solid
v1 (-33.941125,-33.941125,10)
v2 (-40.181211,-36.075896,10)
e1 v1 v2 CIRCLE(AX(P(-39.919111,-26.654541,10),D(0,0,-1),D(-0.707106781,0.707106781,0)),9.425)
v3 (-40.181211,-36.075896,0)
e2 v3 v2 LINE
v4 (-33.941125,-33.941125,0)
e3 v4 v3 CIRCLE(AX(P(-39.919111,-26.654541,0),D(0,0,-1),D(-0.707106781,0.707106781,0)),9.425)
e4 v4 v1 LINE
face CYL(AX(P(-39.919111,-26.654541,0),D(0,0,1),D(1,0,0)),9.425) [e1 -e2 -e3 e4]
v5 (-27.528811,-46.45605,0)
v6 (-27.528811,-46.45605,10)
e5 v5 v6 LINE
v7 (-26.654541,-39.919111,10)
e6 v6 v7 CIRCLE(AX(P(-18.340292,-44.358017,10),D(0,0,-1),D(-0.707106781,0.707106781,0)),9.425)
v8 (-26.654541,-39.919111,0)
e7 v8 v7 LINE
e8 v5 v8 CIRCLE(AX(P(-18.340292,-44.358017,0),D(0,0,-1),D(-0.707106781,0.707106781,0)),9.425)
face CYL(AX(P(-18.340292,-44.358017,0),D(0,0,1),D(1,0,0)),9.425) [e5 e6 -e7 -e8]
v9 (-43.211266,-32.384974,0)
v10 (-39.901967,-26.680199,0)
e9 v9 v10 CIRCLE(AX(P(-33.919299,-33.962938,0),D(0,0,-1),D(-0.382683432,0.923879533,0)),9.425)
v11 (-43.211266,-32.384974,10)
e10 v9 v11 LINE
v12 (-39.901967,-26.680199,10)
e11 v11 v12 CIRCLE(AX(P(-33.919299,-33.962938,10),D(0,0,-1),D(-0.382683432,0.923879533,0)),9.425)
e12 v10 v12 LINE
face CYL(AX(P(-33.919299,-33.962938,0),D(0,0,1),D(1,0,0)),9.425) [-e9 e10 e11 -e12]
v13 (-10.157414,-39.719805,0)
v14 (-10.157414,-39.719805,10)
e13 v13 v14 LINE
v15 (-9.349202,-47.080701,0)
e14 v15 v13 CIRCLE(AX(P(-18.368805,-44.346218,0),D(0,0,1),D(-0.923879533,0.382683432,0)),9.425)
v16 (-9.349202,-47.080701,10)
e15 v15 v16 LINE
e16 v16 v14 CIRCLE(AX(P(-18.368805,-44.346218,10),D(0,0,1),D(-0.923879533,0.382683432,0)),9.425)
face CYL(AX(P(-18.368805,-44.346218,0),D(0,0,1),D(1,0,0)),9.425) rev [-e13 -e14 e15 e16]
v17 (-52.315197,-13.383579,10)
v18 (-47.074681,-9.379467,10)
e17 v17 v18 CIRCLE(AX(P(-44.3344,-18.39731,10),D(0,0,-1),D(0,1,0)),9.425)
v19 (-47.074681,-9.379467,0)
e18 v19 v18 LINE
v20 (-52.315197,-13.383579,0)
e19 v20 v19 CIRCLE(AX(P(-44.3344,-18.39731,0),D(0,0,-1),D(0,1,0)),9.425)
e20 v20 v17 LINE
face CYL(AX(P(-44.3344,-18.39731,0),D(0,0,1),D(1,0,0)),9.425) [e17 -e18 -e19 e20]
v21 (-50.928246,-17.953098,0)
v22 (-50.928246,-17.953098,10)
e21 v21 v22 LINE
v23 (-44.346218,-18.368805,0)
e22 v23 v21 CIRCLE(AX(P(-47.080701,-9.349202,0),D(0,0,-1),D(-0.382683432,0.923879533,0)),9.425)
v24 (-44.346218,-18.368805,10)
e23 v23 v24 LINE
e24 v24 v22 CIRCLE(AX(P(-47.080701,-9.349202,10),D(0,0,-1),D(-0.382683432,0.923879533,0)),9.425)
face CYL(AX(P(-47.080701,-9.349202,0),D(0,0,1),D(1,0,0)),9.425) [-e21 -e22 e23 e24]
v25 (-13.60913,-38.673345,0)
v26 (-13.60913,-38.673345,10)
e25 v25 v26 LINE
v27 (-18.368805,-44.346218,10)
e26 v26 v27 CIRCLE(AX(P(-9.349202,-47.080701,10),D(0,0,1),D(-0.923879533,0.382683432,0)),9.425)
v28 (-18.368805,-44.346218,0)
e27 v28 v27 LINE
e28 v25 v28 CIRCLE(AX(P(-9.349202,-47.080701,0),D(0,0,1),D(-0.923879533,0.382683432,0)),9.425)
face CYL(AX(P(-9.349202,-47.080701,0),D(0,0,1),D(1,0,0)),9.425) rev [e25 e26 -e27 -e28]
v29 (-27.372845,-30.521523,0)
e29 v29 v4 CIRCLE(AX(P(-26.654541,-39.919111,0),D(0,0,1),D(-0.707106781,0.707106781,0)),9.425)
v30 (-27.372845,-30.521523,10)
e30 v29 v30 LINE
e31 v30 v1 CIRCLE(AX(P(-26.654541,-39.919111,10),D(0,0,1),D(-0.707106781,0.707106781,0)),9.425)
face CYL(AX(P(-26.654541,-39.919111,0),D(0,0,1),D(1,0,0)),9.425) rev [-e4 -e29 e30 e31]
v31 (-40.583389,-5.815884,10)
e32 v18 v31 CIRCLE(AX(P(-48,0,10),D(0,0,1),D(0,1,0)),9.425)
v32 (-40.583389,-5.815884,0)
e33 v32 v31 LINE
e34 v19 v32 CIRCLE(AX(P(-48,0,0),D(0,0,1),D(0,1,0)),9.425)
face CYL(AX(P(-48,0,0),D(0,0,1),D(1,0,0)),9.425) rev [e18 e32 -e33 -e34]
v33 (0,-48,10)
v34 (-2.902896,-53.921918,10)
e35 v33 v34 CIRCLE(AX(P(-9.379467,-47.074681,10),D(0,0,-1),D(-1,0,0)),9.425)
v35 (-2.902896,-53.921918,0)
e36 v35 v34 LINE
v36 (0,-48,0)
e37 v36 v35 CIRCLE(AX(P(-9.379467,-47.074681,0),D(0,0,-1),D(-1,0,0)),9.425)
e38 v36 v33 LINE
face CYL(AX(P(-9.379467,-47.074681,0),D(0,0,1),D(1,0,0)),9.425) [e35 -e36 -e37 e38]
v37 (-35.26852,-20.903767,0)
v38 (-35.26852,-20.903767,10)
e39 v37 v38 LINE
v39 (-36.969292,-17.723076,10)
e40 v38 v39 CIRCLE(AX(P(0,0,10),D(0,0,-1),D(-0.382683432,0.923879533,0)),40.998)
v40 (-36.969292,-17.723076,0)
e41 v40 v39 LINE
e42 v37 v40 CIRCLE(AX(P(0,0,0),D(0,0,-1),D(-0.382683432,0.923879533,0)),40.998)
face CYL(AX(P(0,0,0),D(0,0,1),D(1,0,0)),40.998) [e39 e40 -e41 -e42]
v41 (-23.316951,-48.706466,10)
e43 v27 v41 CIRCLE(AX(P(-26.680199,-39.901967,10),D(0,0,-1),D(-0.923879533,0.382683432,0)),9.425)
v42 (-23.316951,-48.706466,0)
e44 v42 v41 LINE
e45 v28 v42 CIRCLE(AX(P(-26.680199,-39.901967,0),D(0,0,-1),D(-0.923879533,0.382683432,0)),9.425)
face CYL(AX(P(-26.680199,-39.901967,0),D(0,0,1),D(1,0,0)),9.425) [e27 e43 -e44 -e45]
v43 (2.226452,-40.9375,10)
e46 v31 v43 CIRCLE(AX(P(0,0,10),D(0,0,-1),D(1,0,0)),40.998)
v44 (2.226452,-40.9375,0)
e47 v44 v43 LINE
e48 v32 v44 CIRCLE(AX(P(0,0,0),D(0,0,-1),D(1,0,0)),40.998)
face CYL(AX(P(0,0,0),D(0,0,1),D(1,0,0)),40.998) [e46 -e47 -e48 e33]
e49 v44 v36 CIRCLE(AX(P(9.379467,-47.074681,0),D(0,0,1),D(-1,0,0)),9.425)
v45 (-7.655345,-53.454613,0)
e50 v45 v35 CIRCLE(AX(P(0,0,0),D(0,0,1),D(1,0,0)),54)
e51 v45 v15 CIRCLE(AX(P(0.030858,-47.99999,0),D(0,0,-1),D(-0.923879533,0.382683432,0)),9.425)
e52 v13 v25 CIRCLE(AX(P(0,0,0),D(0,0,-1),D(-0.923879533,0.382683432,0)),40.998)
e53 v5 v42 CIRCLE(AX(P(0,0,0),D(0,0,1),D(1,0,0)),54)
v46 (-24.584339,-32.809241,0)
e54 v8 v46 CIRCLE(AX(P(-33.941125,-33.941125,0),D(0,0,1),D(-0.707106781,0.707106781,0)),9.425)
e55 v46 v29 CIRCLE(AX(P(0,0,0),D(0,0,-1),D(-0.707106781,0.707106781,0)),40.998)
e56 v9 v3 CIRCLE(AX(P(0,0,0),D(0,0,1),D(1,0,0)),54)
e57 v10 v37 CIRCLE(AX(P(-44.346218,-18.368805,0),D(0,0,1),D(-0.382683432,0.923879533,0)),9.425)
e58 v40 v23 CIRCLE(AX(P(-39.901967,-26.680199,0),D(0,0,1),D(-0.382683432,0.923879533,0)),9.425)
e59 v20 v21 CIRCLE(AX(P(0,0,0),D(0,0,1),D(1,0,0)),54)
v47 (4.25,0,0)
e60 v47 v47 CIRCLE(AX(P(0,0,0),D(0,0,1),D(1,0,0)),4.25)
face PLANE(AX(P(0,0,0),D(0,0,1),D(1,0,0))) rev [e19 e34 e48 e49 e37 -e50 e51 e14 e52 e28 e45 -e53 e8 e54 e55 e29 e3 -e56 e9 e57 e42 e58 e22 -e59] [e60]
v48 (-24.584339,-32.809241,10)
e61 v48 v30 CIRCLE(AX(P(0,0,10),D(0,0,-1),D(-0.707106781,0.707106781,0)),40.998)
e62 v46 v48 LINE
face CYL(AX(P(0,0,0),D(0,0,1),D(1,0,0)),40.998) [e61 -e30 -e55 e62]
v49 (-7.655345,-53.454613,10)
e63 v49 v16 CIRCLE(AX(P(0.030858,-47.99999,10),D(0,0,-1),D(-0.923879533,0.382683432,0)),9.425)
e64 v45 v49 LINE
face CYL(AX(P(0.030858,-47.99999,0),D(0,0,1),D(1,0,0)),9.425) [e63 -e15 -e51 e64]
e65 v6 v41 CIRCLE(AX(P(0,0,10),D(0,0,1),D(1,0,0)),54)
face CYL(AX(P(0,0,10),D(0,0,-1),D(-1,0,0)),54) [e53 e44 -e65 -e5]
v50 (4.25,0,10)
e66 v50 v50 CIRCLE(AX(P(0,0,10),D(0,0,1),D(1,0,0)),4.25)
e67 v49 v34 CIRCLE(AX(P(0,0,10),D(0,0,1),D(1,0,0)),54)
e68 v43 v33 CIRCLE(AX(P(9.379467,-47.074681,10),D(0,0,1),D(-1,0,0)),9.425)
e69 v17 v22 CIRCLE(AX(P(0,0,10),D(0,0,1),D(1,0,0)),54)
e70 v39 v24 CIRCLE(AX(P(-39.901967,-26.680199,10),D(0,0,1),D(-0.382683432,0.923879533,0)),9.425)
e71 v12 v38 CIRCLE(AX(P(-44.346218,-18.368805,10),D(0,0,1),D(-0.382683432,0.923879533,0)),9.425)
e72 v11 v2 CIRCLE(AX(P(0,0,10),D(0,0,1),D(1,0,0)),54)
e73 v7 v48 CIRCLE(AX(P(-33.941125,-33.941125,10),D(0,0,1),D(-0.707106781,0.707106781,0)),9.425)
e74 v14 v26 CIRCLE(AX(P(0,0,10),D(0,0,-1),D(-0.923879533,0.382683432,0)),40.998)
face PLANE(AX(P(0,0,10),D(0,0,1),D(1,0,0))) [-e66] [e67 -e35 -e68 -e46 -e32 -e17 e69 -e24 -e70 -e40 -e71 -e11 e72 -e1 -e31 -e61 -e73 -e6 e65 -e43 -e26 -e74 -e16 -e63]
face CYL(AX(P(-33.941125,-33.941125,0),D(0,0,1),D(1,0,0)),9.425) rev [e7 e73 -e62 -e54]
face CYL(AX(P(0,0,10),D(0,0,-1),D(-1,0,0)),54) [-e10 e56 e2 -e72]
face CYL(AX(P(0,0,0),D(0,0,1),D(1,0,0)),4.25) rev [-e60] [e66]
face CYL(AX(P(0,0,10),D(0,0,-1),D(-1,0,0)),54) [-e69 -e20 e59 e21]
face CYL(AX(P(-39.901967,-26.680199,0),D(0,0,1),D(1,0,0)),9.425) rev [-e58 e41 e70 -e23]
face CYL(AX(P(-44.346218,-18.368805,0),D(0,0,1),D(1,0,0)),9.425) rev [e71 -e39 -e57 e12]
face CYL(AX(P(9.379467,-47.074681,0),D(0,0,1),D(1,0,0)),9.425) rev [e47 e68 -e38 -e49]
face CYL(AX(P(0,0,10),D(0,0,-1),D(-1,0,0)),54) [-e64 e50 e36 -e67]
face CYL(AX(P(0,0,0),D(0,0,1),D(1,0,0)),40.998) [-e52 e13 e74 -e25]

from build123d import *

# Parameters (mm, degrees)
SKETCH1_R           = 54
BOSS_EXTRUDE1_DEPTH = 10
CUT_EXTRUDE1_START  = -10
CUT_EXTRUDE1_DEPTH  = 10
CIRPATTERN1_COUNT   = 16
CUT_EXTRUDE2_START  = -10
CUT_EXTRUDE2_DEPTH  = 10
SKETCH5_R           = 4.25
CUT_EXTRUDE3_DEPTH  = 10


with BuildPart() as part:
    # Sketch1 → Boss-Extrude1 (new body)
    with BuildSketch(Plane.XY):
        Circle(SKETCH1_R)
    extrude(amount=BOSS_EXTRUDE1_DEPTH)

    # Sketch2 → Cut-Extrude1 (cut)
    with BuildSketch(Plane.XY.offset(10).offset(CUT_EXTRUDE1_START)):
        with BuildLine():
            ThreePointArc((-2.226451575, 40.937500136), (-0.390558879, 44.240929479), (0, 48))
            ThreePointArc((0, 48), (0.916562017, 51.223157404), (2.90289612, 53.921917567))
            ThreePointArc((2.90289612, 53.921917567), (-5.3015625, 53.739123877), (-13.383578744, 52.315196836))
            ThreePointArc((-13.383578744, 52.315196836), (-10.908183383, 50.056602718), (-9.379467454, 47.07468099))
            ThreePointArc((-9.379467454, 47.07468099), (-8.261894241, 43.464393254), (-5.815884428, 40.583389365))
            ThreePointArc((-5.815884428, 40.583389365), (-4.025064063, 40.79993705), (-2.226451575, 40.937500136))
        make_face()
    cut_extrude1 = extrude(amount=CUT_EXTRUDE1_DEPTH, mode=Mode.SUBTRACT)

    # CirPattern1: Cut-Extrude1 ×16 about axis
    cirpattern1_axis = Axis((0, 0, 0), (0, 0, 1))
    for i in range(1, CIRPATTERN1_COUNT):
        add(cut_extrude1.rotate(cirpattern1_axis, i * 360 / CIRPATTERN1_COUNT), mode=Mode.SUBTRACT)

    # Sketch4 → Cut-Extrude2 (cut)
    with BuildSketch(Plane.XY.offset(10).offset(CUT_EXTRUDE2_START)):
        with BuildLine():
            ThreePointArc((-31.696062253, 26.003762067), (-19.456690994, 36.087022315), (-4.306352435, 40.771207153))
            Line((-4.306352435, 40.771207153), (-5.672057942, 53.701282654))
            ThreePointArc((-5.672057942, 53.701282654), (-41.865929649, 34.106362085), (-53.739123877, -5.3015625))
            Line((-53.739123877, -5.3015625), (-40.79993705, -4.025064063))
            ThreePointArc((-40.79993705, -4.025064063), (-39.234552099, 11.894785646), (-31.696062253, 26.003762067))
        make_face()
        with BuildLine():
            ThreePointArc((-4.306352435, 40.771207153), (40.771207153, 4.306352435), (4.306352435, -40.771207153))
            Line((4.306352435, -40.771207153), (5.672057942, -53.701282654))
            ThreePointArc((5.672057942, -53.701282654), (53.701282654, 5.672057942), (-5.672057942, 53.701282654))
            Line((-5.672057942, 53.701282654), (-4.306352435, 40.771207153))
        make_face()
    extrude(amount=CUT_EXTRUDE2_DEPTH, mode=Mode.SUBTRACT)

    # Sketch5 → Cut-Extrude3 (cut)
    with BuildSketch(Plane.XY.offset(10)):
        Circle(SKETCH5_R)
    extrude(amount=-CUT_EXTRUDE3_DEPTH, mode=Mode.SUBTRACT)


solid = part.part
